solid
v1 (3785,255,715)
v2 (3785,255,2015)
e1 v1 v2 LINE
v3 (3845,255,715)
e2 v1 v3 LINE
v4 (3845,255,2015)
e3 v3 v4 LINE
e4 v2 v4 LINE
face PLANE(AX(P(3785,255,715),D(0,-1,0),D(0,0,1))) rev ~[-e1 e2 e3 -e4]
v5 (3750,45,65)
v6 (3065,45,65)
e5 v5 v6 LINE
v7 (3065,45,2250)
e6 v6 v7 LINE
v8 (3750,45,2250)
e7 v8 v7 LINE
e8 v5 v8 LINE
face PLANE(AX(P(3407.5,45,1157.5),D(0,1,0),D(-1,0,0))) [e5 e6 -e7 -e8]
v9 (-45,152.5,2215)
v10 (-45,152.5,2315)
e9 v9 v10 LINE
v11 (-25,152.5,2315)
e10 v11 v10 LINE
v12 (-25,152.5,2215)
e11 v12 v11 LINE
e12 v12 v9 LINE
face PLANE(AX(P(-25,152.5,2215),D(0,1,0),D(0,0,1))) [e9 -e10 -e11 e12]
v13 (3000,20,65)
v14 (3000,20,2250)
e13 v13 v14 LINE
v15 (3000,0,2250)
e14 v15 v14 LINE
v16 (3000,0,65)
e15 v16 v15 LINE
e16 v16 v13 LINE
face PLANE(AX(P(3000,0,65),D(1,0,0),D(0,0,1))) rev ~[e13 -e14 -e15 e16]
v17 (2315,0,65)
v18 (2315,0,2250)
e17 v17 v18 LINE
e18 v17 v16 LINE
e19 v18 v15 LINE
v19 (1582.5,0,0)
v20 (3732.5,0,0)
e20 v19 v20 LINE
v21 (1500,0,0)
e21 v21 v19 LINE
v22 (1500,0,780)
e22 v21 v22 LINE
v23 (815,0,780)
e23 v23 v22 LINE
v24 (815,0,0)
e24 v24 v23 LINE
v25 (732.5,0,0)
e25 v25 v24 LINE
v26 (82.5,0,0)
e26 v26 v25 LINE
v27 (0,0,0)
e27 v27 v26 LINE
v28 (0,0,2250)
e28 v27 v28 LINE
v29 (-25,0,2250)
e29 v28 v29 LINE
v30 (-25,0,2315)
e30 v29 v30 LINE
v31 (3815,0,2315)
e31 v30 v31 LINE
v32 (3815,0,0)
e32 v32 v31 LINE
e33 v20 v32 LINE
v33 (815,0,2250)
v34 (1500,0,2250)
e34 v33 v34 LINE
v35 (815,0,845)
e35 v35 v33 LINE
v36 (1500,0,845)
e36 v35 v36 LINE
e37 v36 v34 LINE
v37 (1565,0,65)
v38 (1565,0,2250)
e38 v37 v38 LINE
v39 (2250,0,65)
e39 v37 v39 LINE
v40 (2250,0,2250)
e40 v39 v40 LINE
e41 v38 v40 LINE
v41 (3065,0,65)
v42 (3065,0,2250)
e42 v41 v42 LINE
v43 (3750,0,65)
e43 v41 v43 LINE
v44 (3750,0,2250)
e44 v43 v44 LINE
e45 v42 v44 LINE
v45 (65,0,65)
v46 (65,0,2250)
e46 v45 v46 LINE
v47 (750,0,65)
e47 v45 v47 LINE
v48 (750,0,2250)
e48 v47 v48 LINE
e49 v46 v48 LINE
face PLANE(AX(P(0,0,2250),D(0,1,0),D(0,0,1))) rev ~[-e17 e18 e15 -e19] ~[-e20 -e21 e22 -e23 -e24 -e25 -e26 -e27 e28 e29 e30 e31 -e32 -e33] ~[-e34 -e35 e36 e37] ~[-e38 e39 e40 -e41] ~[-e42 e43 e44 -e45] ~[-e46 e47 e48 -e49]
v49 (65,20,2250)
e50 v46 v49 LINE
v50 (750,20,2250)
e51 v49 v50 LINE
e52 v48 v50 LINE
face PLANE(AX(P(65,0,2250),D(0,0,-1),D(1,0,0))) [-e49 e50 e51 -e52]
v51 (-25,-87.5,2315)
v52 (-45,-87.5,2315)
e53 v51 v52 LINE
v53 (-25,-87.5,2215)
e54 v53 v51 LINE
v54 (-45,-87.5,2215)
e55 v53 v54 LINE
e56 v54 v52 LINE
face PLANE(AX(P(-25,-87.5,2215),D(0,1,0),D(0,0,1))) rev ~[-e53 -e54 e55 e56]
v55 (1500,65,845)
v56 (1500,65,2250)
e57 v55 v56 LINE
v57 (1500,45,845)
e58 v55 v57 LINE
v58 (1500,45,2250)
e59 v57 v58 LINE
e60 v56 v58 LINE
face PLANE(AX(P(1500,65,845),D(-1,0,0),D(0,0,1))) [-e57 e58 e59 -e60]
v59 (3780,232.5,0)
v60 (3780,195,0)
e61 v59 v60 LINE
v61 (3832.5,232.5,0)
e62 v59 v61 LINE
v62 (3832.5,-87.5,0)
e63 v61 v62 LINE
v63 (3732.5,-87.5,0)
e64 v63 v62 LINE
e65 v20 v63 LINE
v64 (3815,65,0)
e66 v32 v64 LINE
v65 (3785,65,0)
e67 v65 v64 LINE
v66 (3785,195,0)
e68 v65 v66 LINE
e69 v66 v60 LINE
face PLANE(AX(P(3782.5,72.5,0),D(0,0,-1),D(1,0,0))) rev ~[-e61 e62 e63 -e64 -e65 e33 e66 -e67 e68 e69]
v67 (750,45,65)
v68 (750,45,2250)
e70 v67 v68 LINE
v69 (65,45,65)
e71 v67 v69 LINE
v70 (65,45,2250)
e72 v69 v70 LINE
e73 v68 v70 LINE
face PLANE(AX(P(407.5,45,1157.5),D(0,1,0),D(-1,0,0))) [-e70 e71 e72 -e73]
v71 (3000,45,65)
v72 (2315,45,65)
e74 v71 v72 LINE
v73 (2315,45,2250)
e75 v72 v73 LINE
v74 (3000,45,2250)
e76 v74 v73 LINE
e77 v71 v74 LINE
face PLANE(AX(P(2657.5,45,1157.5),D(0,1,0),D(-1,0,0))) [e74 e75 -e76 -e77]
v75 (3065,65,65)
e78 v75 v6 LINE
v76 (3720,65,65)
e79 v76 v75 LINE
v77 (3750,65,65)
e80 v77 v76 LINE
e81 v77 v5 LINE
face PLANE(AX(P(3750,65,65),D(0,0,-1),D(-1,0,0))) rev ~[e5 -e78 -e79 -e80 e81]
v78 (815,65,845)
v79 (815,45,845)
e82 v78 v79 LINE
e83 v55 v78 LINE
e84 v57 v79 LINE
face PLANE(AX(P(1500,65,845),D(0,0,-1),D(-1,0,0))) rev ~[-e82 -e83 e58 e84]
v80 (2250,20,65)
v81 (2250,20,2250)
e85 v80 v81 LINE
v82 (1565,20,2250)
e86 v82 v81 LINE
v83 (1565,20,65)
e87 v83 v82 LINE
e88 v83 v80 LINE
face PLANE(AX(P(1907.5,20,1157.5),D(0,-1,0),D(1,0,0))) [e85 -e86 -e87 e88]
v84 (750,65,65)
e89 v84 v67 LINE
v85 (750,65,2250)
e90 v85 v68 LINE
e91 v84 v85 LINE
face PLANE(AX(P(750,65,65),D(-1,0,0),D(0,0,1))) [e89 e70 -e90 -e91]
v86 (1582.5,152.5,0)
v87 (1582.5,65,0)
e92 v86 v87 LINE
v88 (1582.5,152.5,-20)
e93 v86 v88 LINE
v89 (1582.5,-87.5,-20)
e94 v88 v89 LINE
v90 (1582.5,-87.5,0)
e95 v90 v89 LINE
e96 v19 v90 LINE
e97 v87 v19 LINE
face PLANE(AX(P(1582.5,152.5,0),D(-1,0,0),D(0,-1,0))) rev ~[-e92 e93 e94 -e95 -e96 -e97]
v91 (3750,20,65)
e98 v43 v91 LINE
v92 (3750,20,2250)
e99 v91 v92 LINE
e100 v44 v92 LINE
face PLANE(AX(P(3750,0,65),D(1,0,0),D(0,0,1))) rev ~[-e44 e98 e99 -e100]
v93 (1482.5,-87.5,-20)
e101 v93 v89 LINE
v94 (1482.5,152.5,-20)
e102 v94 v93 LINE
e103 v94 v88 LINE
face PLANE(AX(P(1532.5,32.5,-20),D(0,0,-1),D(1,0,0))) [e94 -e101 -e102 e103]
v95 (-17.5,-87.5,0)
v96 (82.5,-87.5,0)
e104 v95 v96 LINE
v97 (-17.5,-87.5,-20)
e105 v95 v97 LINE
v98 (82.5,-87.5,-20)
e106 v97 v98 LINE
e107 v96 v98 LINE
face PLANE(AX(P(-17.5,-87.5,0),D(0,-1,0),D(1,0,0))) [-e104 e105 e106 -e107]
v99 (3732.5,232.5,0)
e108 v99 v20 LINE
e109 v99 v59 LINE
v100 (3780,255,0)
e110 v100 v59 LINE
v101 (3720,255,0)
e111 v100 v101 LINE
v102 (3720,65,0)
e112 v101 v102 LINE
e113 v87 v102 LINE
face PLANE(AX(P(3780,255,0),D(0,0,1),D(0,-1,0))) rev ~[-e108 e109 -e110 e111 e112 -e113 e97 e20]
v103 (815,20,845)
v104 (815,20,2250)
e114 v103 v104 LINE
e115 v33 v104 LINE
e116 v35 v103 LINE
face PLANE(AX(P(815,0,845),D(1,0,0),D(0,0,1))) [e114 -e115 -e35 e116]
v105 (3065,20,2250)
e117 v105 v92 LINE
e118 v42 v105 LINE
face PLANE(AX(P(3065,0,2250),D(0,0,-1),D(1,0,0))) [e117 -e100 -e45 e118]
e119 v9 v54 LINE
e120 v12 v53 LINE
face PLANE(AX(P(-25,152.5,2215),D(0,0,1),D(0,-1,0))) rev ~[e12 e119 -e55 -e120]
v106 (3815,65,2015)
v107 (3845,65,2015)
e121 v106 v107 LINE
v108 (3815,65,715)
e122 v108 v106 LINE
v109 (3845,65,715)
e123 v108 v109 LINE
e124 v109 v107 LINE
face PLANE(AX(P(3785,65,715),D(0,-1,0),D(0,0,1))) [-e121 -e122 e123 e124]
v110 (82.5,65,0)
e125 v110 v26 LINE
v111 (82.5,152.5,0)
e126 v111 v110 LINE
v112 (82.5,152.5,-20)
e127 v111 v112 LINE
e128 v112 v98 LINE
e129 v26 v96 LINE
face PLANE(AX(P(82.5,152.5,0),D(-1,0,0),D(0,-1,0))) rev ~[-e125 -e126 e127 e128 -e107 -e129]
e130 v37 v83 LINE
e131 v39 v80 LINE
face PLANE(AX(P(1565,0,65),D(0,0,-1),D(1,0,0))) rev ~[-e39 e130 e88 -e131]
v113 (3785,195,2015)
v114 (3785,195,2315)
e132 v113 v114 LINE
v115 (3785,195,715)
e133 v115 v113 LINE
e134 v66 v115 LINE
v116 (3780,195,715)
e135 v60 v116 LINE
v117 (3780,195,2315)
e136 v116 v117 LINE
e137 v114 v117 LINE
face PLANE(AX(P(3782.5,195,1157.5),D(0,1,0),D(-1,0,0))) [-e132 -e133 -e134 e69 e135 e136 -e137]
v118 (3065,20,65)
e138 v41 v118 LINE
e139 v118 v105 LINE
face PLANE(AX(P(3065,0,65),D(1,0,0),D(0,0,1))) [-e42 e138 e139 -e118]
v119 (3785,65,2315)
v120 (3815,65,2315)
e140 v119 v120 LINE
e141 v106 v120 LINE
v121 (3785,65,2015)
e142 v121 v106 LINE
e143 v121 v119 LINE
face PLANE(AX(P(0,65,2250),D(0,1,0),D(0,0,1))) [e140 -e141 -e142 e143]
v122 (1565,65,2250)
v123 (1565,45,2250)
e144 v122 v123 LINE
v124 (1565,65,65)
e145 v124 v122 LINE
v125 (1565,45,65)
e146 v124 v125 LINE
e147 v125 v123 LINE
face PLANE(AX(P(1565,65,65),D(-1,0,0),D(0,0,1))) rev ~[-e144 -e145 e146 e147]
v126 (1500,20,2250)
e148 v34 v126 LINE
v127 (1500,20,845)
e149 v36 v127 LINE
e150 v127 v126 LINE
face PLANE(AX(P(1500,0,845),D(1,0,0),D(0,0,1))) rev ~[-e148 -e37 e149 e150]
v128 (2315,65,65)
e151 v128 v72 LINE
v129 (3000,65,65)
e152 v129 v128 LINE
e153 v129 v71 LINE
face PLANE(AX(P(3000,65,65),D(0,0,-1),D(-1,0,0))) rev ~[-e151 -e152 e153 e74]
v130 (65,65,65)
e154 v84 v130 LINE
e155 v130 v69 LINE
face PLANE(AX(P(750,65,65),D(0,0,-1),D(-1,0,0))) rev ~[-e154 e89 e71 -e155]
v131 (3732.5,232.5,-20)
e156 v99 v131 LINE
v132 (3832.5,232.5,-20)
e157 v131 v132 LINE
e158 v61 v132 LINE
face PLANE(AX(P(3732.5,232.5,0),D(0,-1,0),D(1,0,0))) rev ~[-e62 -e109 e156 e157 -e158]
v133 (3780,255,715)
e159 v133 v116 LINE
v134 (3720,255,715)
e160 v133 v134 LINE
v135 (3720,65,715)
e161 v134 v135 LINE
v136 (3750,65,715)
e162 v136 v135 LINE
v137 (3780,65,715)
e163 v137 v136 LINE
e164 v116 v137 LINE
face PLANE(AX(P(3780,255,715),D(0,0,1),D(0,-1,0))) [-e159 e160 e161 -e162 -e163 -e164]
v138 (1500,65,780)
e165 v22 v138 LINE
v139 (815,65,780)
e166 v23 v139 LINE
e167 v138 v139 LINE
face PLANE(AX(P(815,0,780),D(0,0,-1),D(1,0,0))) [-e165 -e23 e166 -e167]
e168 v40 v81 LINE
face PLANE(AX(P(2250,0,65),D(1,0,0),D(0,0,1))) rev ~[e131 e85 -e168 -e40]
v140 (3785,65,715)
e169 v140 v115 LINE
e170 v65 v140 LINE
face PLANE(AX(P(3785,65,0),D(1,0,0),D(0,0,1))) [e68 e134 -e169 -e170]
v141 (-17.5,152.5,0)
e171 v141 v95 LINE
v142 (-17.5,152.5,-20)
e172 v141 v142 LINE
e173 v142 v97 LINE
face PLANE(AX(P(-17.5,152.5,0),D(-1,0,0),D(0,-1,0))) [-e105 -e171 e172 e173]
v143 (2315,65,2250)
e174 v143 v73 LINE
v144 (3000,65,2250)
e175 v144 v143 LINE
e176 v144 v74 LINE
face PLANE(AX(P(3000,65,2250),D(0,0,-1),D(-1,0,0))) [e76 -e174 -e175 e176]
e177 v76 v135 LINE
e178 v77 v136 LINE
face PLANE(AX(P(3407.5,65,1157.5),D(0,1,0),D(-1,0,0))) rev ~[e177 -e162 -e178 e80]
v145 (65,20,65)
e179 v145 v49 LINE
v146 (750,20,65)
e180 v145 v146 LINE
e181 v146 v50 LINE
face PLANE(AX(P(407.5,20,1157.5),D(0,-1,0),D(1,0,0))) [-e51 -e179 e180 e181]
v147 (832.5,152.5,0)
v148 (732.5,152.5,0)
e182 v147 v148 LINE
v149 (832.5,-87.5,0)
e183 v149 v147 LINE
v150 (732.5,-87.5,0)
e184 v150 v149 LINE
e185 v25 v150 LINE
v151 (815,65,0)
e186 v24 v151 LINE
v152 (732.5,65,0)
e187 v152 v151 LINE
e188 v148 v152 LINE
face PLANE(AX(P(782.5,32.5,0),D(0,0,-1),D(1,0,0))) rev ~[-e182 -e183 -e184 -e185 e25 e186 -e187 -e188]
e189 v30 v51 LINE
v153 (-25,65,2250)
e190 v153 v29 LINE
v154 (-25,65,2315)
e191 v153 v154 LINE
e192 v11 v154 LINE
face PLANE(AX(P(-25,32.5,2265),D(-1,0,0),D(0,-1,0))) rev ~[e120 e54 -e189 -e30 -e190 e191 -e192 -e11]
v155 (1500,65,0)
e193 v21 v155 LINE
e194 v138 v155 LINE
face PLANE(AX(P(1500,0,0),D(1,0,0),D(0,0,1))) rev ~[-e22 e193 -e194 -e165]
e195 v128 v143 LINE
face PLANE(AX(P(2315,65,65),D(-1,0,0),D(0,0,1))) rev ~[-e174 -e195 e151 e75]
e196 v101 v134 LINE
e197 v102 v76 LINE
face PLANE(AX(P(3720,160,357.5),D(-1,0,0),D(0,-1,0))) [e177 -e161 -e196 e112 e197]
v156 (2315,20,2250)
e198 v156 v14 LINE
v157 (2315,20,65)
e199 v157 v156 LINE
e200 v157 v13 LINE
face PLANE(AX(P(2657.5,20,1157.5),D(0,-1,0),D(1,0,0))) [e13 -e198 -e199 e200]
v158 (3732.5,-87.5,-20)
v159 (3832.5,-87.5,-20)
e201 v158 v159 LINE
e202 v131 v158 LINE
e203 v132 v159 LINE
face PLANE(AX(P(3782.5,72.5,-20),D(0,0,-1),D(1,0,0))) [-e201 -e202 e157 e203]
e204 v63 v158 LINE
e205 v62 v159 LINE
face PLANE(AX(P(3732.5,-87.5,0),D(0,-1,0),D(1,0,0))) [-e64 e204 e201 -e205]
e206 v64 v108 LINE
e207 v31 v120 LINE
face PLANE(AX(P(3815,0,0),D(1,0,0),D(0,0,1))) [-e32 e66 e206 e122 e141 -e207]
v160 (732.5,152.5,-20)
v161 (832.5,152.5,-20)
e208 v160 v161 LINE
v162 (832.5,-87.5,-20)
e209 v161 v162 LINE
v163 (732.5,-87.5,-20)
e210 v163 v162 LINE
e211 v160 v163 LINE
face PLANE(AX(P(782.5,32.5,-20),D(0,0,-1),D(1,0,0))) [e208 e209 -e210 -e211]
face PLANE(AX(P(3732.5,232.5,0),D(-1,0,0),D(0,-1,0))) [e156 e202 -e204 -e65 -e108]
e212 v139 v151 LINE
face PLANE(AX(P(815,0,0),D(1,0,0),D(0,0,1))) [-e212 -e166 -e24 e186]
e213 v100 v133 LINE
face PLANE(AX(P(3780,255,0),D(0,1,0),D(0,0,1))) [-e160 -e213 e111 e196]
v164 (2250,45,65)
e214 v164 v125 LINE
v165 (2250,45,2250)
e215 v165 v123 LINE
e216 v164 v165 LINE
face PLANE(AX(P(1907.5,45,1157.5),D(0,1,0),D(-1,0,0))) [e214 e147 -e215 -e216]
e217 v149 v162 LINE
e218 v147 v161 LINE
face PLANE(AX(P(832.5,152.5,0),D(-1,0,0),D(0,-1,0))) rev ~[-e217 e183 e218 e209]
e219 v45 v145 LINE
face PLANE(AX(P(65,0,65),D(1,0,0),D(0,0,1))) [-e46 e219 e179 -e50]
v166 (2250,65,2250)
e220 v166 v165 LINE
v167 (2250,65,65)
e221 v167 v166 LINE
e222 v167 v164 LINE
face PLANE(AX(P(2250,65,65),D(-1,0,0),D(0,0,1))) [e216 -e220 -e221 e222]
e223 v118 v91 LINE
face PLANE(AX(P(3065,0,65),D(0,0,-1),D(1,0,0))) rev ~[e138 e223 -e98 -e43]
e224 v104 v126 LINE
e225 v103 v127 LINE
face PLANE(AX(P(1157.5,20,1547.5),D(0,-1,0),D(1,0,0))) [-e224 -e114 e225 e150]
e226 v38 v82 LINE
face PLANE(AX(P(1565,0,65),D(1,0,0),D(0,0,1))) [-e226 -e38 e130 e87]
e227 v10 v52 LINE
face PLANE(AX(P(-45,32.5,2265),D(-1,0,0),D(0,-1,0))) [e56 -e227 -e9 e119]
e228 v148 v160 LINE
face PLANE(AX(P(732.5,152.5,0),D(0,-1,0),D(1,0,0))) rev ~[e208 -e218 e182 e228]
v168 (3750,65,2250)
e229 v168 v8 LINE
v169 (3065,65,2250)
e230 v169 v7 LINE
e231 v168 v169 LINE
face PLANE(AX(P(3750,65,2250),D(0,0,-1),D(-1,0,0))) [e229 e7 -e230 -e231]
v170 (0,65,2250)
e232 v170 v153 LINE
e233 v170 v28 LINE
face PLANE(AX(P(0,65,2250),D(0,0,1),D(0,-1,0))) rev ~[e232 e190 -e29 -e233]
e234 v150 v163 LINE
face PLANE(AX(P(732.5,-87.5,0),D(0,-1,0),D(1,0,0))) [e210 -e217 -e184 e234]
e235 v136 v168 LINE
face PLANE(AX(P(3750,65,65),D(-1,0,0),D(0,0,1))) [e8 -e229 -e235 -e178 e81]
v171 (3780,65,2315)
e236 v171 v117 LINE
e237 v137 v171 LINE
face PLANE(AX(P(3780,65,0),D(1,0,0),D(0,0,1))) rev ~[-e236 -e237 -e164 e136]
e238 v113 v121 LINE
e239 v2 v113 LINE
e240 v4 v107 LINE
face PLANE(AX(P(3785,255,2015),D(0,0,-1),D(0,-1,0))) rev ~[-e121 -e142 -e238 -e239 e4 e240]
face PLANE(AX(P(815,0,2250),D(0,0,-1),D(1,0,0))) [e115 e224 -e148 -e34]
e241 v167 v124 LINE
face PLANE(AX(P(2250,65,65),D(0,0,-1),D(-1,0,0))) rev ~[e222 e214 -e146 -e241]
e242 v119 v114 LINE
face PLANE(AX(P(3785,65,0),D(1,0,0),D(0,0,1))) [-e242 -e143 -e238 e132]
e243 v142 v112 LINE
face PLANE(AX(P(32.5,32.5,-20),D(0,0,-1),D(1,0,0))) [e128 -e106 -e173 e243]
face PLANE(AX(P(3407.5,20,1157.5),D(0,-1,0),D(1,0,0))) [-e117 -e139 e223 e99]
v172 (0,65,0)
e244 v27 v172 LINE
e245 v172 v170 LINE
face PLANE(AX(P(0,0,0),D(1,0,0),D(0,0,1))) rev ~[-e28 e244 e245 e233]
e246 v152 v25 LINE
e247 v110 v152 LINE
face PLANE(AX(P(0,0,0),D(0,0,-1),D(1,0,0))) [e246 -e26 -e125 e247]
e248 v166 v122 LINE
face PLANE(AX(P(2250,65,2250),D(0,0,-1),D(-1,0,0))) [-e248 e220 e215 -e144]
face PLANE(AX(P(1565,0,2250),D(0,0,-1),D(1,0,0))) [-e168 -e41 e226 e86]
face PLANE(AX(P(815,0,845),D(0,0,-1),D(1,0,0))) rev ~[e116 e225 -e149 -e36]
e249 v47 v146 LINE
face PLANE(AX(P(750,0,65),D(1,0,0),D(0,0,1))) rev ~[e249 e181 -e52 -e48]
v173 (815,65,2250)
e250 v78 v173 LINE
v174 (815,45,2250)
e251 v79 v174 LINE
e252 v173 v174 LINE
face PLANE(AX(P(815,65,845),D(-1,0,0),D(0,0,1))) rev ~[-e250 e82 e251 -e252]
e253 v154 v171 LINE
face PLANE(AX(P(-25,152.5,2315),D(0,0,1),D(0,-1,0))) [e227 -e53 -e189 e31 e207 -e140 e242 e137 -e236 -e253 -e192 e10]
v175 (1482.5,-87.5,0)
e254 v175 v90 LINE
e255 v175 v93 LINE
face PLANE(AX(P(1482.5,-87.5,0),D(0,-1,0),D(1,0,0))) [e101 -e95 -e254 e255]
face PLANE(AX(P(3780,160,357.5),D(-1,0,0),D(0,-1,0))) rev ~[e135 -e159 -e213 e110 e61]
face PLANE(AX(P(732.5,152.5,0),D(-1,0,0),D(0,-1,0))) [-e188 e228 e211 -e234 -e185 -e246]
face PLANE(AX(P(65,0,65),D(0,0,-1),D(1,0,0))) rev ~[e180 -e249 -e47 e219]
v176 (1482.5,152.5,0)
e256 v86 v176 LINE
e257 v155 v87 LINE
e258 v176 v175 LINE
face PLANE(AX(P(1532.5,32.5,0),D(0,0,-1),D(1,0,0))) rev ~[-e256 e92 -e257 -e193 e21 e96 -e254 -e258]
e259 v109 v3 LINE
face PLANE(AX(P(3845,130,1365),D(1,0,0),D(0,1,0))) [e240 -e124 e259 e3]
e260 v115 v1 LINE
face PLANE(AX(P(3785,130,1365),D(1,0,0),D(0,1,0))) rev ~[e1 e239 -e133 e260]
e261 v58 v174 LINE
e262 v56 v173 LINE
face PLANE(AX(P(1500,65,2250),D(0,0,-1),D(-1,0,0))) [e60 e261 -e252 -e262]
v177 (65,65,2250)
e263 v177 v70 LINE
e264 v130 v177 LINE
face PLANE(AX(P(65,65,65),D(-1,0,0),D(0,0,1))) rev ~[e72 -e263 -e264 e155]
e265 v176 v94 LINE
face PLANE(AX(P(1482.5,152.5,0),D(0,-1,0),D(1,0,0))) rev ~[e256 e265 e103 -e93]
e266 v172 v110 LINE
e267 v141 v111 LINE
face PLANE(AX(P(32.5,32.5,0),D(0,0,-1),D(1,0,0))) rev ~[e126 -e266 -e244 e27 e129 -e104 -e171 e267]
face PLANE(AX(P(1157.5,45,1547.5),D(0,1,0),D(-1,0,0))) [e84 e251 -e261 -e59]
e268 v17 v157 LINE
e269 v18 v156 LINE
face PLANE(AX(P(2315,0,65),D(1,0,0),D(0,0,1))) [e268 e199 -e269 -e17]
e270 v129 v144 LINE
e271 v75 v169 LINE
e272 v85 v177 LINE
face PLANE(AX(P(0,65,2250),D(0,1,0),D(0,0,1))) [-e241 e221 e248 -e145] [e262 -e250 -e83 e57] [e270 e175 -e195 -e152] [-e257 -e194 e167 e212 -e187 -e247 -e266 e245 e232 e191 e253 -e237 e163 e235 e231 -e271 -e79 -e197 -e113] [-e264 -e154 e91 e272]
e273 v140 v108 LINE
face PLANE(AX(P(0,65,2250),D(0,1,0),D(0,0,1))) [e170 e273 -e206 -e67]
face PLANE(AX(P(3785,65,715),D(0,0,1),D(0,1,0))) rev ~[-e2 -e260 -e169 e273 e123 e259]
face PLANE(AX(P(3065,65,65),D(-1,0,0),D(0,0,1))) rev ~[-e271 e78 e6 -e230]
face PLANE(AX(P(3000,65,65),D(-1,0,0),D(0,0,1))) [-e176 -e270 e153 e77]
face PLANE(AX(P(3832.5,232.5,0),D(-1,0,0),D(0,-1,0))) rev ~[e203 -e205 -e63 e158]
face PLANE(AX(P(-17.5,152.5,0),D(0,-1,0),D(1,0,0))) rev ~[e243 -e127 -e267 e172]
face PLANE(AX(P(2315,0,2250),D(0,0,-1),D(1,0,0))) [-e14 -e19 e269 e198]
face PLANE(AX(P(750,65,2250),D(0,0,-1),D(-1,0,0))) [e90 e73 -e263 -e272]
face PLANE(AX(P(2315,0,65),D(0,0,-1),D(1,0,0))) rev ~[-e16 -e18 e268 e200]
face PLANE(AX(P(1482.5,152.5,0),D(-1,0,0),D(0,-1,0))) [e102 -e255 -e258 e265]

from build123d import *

# Parameters (mm, degrees)
F0_W      = 3815
F0_H      = 2315
F1_DEPTH  = 65
F2_W      = 685
F2_H      = 2185
F2_H_2    = 1405
F3_DEPTH  = 20
F4_W      = 100
F4_H      = 240
F4_H_2    = 320
F5_DEPTH  = 20
F6_W      = 65
F6_H      = 65
F7_DEPTH  = 25
F8_W      = 240
F8_H      = 100
F9_DEPTH  = 20
F10_W     = 5
F10_H     = 2315
F11_DEPTH = 130
F12_W     = 130
F12_H     = 1300
F12_W_2   = 60
F13_DEPTH = 60
F14_W     = 190
F14_H     = 715
F15_DEPTH = 60
F16_W     = 685
F16_H     = 780
F17_DEPTH = 255.001
F18_W     = 685
F18_H     = 2185
F18_H_2   = 1405
F19_DEPTH = 20


with BuildPart() as f1:
    # F0 (on Front) → F1 (new body)
    with BuildSketch(Plane.XZ):
        with Locations((1907.5, 1157.5)):
            Rectangle(F0_W, F0_H)
    extrude(amount=-F1_DEPTH)

    # F2 (on face) → F3 (cut)
    with BuildSketch(Plane.XZ):
        with Locations((407.5, 1157.5)):
            Rectangle(F2_W, F2_H)
        with Locations((1157.5, 1547.5)):
            Rectangle(F2_W, F2_H_2)
        with Locations((1907.5, 1157.5)):
            Rectangle(F2_W, F2_H)
        with Locations((3407.5, 1157.5)):
            Rectangle(F2_W, F2_H)
        with Locations((2657.5, 1157.5)):
            Rectangle(F2_W, F2_H)
    extrude(amount=-F3_DEPTH, mode=Mode.SUBTRACT)

    # F4 (on face) → F5 (join)
    with BuildSketch(Plane(origin=(0, 0, 0), x_dir=(1, 0, 0), z_dir=(0, 0, -1))):
        with Locations((32.5, -32.5)):
            Rectangle(F4_W, F4_H)
        with Locations((782.5, -32.5)):
            Rectangle(F4_W, F4_H)
        with Locations((1532.5, -32.5)):
            Rectangle(F4_W, F4_H)
        with Locations((3782.5, -72.5)):
            Rectangle(F4_W, F4_H_2)
    extrude(amount=F5_DEPTH)

    # F6 (on face) → F7 (join)
    with BuildSketch(Plane(origin=(0, 0, 0), x_dir=(0, -1, 0), z_dir=(-1, 0, 0))):
        with Locations((-32.5, 2282.5)):
            Rectangle(F6_W, F6_H)
    extrude(amount=F7_DEPTH)

    # F8 (on face) → F9 (join)
    with BuildSketch(Plane(origin=(-25, 0, 0), x_dir=(0, -1, 0), z_dir=(-1, 0, 0))):
        with Locations((-32.5, 2265)):
            Rectangle(F8_W, F8_H)
    extrude(amount=F9_DEPTH)

    # F10 (on face) → F11 (join)
    with BuildSketch(Plane(origin=(0, 65, 0), x_dir=(-1, 0, 0), z_dir=(0, 1, 0))):
        with Locations((-3782.5, 1157.5)):
            Rectangle(F10_W, F10_H)
    extrude(amount=F11_DEPTH)

    # F12 (on face) → F13 (join)
    with BuildSketch(Plane.YZ.offset(3785)):
        with Locations((130, 1365)):
            Rectangle(F12_W, F12_H)
        with Locations((225, 1365)):
            Rectangle(F12_W_2, F12_H)
    extrude(amount=F13_DEPTH)

    # F14 (on face) → F15 (join)
    with BuildSketch(Plane(origin=(3780, 0, 0), x_dir=(0, -1, 0), z_dir=(-1, 0, 0))):
        with Locations((-160, 357.5)):
            Rectangle(F14_W, F14_H)
    extrude(amount=F15_DEPTH)

    # F16 (on face) → F17 (cut, through all)
    with BuildSketch(Plane.XZ):
        with Locations((1157.5, 390)):
            Rectangle(F16_W, F16_H)
    extrude(amount=-F17_DEPTH, mode=Mode.SUBTRACT)

    # F18 (on face) → F19 (cut)
    with BuildSketch(Plane(origin=(0, 65, 0), x_dir=(-1, 0, 0), z_dir=(0, 1, 0))):
        with Locations((-3407.5, 1157.5)):
            Rectangle(F18_W, F18_H)
        with Locations((-2657.5, 1157.5)):
            Rectangle(F18_W, F18_H)
        with Locations((-1907.5, 1157.5)):
            Rectangle(F18_W, F18_H)
        with Locations((-407.5, 1157.5)):
            Rectangle(F18_W, F18_H)
        with Locations((-1157.5, 1547.5)):
            Rectangle(F18_W, F18_H_2)
    extrude(amount=-F19_DEPTH, mode=Mode.SUBTRACT)


solid = f1.part
